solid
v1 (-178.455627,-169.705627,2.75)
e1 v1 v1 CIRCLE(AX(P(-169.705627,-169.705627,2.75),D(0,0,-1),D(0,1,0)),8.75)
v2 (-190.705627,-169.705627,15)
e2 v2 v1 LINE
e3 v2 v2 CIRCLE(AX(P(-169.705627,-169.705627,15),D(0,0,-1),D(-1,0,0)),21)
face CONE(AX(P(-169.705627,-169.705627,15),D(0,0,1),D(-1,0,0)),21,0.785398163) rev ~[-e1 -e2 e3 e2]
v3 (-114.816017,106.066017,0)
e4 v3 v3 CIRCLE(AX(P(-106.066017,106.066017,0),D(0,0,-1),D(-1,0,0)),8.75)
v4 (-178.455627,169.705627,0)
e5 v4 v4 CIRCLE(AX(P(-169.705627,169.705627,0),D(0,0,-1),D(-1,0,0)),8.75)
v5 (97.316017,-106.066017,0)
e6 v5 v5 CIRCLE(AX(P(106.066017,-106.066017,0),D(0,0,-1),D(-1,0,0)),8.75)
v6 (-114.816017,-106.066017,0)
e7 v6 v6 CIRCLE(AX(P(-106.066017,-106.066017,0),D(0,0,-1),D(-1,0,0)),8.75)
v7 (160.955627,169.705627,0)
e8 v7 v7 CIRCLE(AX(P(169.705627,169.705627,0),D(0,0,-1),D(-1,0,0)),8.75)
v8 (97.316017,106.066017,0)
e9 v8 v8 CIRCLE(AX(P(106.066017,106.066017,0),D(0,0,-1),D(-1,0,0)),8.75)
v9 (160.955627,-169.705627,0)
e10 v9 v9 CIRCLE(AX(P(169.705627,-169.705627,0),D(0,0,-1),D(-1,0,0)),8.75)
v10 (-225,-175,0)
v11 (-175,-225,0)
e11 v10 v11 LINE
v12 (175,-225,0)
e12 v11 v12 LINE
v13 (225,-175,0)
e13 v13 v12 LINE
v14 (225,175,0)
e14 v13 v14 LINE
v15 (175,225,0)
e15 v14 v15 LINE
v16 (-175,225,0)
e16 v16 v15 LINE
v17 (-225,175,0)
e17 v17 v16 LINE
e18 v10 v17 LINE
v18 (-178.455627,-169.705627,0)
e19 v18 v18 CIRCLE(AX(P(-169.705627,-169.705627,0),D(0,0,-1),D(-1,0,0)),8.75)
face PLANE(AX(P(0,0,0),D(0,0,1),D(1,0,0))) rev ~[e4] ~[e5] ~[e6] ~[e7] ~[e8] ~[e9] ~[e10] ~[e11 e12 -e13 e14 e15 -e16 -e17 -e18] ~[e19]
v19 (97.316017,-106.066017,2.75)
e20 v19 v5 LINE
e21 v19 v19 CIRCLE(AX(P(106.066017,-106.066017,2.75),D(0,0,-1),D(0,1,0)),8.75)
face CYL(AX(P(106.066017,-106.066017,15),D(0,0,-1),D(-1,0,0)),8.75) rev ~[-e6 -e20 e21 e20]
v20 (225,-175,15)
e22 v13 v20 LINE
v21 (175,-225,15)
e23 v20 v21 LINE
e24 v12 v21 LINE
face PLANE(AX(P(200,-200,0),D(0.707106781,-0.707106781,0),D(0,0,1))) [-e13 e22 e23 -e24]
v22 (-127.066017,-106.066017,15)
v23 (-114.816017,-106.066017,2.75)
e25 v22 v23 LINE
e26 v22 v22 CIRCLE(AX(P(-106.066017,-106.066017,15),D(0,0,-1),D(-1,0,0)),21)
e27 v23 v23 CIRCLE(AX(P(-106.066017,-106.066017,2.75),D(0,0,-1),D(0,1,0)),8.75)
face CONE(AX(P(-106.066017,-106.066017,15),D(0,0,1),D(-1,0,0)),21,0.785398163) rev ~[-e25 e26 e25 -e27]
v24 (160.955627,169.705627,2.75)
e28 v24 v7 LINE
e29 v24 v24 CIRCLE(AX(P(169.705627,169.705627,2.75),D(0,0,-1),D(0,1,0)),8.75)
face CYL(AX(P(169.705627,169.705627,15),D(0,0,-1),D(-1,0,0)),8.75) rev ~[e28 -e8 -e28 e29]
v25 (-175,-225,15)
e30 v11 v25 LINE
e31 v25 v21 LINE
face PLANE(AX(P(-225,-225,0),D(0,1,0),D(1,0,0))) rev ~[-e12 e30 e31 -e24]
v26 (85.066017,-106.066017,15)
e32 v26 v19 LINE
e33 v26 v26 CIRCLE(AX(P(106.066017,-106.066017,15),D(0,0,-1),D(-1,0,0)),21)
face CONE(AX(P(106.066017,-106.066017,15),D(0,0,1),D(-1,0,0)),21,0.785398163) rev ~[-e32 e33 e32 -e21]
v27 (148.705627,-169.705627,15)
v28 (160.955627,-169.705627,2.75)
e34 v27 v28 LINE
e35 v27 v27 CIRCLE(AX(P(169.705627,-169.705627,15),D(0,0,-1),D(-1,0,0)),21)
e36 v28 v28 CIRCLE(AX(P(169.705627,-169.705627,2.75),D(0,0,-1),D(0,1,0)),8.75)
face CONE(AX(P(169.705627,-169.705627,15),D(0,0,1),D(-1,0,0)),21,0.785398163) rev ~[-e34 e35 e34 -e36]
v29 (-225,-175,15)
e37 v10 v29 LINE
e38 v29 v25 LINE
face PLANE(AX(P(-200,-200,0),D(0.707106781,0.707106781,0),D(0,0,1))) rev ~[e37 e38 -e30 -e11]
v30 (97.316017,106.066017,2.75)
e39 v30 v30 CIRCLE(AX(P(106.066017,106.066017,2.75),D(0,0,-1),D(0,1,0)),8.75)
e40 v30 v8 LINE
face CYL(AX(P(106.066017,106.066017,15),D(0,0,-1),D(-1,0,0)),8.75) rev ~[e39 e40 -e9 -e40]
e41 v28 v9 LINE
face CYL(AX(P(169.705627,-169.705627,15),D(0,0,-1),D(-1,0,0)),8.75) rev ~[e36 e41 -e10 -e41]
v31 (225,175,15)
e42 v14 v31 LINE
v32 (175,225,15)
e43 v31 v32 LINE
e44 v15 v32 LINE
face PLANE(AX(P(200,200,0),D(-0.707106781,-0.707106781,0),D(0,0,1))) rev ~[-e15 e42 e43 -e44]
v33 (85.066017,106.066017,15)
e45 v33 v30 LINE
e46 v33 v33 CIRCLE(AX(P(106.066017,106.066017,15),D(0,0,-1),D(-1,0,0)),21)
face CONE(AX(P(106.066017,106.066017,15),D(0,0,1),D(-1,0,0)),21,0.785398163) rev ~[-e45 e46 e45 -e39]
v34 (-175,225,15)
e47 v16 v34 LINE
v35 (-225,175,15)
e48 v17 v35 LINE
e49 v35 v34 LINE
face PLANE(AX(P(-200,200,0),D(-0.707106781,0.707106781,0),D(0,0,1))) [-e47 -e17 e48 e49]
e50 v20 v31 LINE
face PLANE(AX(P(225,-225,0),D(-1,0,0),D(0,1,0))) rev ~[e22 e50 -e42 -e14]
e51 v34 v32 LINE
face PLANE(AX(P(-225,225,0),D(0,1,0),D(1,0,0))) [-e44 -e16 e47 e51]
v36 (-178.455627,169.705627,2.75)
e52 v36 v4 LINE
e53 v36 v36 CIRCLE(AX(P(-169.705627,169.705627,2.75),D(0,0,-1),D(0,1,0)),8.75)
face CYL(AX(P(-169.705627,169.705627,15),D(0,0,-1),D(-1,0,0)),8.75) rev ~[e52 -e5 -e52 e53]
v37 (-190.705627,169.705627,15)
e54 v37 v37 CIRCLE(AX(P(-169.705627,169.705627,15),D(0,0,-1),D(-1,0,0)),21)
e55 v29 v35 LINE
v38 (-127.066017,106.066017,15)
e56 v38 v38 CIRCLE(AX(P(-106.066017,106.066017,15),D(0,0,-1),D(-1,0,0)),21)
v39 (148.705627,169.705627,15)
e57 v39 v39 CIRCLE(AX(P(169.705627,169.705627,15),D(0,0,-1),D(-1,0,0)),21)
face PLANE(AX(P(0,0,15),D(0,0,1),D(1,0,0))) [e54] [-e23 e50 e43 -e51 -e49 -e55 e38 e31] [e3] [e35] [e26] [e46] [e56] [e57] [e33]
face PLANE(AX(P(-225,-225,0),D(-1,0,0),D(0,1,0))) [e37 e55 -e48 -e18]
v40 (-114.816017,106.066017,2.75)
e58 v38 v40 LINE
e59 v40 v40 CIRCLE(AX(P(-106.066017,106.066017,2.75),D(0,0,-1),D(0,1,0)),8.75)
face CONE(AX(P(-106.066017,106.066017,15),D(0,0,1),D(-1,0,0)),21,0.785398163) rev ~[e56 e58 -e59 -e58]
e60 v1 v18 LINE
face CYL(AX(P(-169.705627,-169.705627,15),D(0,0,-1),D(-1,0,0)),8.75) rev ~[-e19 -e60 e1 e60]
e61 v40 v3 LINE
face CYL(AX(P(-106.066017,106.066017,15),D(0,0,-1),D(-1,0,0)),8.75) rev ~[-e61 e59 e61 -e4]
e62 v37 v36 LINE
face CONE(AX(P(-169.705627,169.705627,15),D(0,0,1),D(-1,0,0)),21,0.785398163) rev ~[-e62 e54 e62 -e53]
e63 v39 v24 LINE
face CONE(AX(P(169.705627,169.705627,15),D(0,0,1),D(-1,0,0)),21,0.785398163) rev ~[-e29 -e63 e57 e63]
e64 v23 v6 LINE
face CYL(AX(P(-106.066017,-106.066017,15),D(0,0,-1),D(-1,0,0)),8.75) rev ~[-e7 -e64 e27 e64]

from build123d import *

# Parameters (mm, degrees)
F0_W           = 450
F0_H           = 450
F1_DEPTH       = 15
F3_D           = 17.5
F3_DEPTH       = 57.5
F3_CSINK_D     = 42
F3_CSINK_ANGLE = 90
F3_TIP         = 5.2575304165
F4_SIZE        = 50


with BuildPart() as f1:
    # F0 (on Top) → F1 (new body)
    with BuildSketch(Plane.XY):
        Rectangle(F0_W, F0_H)
    extrude(amount=F1_DEPTH)

    # F3
    with Locations(Plane.XY.offset(15)):
        with Locations((169.7056274848, 169.7056274848), (169.7056274848, -169.7056274848), (-169.7056274848, -169.7056274848), (-169.7056274848, 169.7056274848), (-106.066017178, 106.066017178), (106.066017178, 106.066017178), (106.066017178, -106.066017178), (-106.066017178, -106.066017178)):
            CounterSinkHole(F3_D / 2, F3_CSINK_D / 2, depth=F3_DEPTH, counter_sink_angle=F3_CSINK_ANGLE)
            with Locations((0, 0, -(F3_DEPTH + F3_TIP / 2))):  # 118° drill point
                Cone(0, F3_D / 2, F3_TIP, mode=Mode.SUBTRACT)

    # F4
    f4_edges = [f1.edges().sort_by_distance(p)[0] for p in [
        (225, -225, 7.5),
        (225, 225, 7.5),
        (-225, 225, 7.5),
        (-225, -225, 7.5),
    ]]
    chamfer(f4_edges, length=F4_SIZE)


solid = f1.part
